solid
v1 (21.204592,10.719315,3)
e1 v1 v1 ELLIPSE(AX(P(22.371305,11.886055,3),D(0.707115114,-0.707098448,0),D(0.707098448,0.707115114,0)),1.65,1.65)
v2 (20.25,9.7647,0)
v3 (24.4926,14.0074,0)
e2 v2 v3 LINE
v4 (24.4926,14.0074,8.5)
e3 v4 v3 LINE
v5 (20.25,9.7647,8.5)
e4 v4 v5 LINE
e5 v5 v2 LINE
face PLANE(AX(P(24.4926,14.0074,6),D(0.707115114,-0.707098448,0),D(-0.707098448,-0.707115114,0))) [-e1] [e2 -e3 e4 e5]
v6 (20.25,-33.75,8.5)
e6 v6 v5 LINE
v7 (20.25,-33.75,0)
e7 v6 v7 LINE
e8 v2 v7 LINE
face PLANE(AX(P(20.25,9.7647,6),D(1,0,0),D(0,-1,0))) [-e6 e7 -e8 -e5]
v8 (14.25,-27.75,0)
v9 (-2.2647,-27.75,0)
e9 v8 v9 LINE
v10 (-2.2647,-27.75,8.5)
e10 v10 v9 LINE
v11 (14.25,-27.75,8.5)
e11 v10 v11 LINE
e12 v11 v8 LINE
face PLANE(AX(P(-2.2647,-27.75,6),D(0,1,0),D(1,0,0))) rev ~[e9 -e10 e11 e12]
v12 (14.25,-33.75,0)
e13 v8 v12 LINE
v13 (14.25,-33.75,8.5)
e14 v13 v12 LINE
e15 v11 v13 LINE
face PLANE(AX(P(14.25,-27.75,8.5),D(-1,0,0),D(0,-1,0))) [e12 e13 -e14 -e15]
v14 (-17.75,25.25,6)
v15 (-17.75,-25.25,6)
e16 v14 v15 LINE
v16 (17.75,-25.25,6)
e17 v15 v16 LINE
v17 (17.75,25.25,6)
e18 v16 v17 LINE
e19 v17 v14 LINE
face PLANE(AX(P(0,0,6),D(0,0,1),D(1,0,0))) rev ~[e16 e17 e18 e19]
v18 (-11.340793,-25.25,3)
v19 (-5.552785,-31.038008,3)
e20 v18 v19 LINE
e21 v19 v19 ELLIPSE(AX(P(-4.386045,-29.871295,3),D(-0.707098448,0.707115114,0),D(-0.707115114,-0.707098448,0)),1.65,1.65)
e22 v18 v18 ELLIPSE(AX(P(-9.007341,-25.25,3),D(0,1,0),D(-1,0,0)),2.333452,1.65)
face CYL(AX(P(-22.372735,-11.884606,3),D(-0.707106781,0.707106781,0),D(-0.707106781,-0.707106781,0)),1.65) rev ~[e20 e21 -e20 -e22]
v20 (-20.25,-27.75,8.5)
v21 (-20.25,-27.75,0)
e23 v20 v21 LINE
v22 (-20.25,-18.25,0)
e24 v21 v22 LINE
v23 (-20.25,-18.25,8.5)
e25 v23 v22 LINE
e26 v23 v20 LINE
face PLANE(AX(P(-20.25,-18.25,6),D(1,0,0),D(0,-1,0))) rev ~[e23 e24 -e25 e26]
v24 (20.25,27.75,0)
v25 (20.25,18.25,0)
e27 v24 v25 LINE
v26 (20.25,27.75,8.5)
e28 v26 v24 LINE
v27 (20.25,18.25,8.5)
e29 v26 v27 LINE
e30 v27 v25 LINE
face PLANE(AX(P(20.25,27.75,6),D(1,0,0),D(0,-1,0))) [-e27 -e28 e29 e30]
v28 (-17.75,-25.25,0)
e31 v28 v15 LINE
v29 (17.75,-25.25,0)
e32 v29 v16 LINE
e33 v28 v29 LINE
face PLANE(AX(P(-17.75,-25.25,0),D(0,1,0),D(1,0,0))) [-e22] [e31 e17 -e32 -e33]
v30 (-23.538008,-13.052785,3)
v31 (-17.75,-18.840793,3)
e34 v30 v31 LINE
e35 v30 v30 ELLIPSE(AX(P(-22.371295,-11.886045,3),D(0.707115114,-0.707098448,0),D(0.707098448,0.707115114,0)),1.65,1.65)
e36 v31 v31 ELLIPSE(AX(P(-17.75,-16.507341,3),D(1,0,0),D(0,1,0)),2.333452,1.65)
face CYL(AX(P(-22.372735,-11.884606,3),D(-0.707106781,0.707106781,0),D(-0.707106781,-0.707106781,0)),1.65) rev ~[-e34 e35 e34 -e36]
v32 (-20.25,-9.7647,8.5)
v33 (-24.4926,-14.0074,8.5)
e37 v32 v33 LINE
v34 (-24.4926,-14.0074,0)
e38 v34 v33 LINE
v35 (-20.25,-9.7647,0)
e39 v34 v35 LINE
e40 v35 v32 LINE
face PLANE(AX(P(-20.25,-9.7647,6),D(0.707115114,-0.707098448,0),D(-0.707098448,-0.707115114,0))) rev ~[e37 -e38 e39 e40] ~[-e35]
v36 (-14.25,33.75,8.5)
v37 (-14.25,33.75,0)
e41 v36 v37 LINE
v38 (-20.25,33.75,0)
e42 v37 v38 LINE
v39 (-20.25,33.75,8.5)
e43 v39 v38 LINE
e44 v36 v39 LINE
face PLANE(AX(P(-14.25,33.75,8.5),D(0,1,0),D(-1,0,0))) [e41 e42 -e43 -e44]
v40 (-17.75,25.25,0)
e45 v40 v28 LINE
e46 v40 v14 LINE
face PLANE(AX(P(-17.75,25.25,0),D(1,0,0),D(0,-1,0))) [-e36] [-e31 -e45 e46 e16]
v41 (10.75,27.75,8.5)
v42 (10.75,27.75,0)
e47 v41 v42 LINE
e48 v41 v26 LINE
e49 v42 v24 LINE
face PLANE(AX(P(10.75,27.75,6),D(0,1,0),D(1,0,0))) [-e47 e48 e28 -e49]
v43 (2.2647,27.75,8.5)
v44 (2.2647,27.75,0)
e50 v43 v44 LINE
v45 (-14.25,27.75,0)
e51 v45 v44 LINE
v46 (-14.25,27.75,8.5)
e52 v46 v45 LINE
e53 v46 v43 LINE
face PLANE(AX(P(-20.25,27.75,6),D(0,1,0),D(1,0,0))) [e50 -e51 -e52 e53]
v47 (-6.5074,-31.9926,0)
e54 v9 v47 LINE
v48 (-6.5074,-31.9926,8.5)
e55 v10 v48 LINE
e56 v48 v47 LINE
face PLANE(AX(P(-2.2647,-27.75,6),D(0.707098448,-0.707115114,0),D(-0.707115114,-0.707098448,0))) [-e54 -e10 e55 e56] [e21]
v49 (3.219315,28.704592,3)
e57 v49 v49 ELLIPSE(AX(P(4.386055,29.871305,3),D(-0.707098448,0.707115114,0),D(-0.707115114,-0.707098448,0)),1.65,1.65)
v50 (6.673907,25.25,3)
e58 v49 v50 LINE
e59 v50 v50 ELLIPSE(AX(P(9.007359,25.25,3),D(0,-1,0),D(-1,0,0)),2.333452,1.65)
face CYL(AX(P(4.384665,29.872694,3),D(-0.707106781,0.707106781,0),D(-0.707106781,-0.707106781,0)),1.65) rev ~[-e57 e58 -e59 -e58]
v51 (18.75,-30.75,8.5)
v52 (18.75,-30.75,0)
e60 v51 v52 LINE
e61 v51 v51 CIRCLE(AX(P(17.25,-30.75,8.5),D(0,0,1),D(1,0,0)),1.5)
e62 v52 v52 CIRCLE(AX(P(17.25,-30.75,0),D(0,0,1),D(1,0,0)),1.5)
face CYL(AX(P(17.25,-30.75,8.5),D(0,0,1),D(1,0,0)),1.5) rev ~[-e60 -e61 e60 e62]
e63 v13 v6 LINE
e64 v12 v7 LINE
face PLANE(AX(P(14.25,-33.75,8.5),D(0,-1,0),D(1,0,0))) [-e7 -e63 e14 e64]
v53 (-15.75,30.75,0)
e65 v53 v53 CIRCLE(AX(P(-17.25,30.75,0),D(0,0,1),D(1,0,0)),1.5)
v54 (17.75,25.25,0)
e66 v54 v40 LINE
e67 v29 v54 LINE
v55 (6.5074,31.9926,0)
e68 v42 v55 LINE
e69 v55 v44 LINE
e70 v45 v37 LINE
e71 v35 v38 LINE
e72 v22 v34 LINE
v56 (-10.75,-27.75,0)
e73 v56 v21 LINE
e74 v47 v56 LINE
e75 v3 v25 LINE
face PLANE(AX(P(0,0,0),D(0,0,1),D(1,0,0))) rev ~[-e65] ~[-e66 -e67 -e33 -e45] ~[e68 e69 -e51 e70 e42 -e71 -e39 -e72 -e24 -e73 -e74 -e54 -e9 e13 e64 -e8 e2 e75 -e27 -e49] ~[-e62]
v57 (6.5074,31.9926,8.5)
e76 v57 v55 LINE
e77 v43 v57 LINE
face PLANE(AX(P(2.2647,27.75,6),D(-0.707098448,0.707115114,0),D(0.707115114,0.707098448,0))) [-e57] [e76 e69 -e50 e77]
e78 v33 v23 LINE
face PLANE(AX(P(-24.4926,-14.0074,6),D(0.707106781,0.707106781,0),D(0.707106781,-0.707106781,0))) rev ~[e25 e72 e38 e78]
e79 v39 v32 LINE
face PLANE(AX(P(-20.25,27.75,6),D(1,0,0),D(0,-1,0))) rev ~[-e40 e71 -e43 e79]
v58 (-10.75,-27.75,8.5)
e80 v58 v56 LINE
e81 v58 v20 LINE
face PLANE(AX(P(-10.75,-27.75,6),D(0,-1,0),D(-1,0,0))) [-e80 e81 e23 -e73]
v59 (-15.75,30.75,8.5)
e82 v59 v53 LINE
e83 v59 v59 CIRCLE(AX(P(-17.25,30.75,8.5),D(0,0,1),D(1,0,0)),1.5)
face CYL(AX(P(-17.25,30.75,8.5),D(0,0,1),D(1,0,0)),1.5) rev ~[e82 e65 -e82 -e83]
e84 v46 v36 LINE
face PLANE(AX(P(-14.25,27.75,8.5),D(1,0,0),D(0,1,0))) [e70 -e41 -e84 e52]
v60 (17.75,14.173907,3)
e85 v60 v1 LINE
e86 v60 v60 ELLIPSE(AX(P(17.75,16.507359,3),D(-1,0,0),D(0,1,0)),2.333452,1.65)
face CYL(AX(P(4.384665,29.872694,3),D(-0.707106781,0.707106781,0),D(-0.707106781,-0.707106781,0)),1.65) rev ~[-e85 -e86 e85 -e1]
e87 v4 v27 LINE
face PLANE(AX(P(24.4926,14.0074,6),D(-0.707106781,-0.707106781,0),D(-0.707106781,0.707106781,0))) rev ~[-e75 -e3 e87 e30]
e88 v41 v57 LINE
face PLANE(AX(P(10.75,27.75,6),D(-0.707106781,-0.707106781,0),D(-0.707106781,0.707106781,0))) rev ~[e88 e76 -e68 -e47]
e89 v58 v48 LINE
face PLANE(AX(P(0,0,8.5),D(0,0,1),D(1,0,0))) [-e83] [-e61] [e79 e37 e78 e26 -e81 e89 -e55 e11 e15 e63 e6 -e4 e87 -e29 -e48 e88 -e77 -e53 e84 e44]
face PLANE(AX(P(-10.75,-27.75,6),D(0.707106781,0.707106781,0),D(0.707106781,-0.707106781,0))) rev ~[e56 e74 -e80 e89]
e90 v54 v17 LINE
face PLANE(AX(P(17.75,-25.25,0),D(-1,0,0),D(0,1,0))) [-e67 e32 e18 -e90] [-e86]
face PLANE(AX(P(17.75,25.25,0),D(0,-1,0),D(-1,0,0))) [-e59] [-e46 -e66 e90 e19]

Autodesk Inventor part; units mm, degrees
ref_plane "YZ Plane" through (0, 0, 0) normal (1, 0, 0) x (0, 1, 0)
ref_plane "XZ Plane" through (0, 0, 0) normal (0, 1, 0) x (-1, 0, 0)
ref_plane "XY Plane" through (0, 0, 0) normal (0, 0, 1) x (1, 0, 0)
sketch "Skizze1" plane through (0, 0, 0) normal (0, 0, 1) x (1, 0, 0)
  line L0 (-17.75, -25.25) -> (17.75, -25.25)
  line L1 (17.75, -25.25) -> (17.75, 25.25)
  line L2 (17.75, 25.25) -> (-17.75, 25.25)
  line L3 (-17.75, 25.25) -> (-17.75, -25.25)
  line L4 (20.25, 27.75) -> (20.25, -27.75)
  line L5 (20.25, -27.75) -> (-20.25, -27.75)
  line L6 (-20.25, -27.75) -> (-20.25, 27.75)
  line L7 (-20.25, 27.75) -> (20.25, 27.75)
  point P0 (0, 0)
  point P1 (0, 25.25)
  point P2 (17.75, 0)
  dimension "d0" = 50.5
  dimension "d1" = 35.5
  dimension "d2" = 2.5
extrude "Extrusion1" [suppressed]
extrude "Extrusion2" add sketch "Skizze1" along normal blind 6
sketch "Skizze2" plane through (0, 0, -2.5) normal (0, 0, -1) x (-1, 0, 0)
  circle A0 centre (0, 0) radius 1.5
  dimension "d7" = 3
extrude "Extrusion3" [suppressed]
sketch "Skizze3" plane through (0, 0, 6) normal (0, 0, 1) x (1, 0, 0)
  line L0 (2.2647, 27.75) -> (10.75, 27.75)
  line L1 (10.75, 27.75) -> (6.5074, 31.9926)
  line L2 (6.5074, 31.9926) -> (2.2647, 27.75)
  line L3 (20.25, 18.25) -> (20.25, 9.7647)
  line L4 (20.25, 9.7647) -> (24.4926, 14.0074)
  line L5 (24.4926, 14.0074) -> (20.25, 18.25)
  line L6 (20.25, 27.75) -> (-20.25, 27.75) projected
  line L7 (20.25, -27.75) -> (20.25, 27.75) projected
  line L8 (4.386, 29.8713) -> (22.3713, 11.886) construction
  line L9 (-20.25, -9.7647) -> (-20.25, -18.25)
  line L10 (-20.25, -18.25) -> (-24.4926, -14.0074)
  line L11 (-24.4926, -14.0074) -> (-20.25, -9.7647)
  line L12 (-10.75, -27.75) -> (-2.2647, -27.75)
  line L13 (-2.2647, -27.75) -> (-6.5074, -31.9926)
  line L14 (-6.5074, -31.9926) -> (-10.75, -27.75)
  line L15 (-20.25, 27.75) -> (-20.25, -27.75) projected
  line L16 (-20.25, -27.75) -> (20.25, -27.75) projected
  line L17 (-22.3713, -11.886) -> (-4.386, -29.8713) construction
  line L18 (17.75, 25.25) -> (17.75, -25.25) projected
  line L19 (-17.75, -25.25) -> (-17.75, 25.25) projected
  line L20 (-17.75, 25.25) -> (17.75, 25.25) projected
  line L21 (17.75, -25.25) -> (-17.75, -25.25) projected
  point P0 (0, 0)
  dimension "d11" = 6
  dimension "d26" = 7
  dimension "d27" = 7
extrude "Extrusion4" add sketch "Skizze3" against normal blind 6 contours L2 L1 L0 | L9 L10 L11 | L5 L4 L3 | L12 L13 L14
sketch "Skizze4" plane through (6.5074, 31.9926, 0) normal (-0.7071, 0.7071, 0) x (-0.7071, -0.7071, 0)
  circle A0 centre (3, 3) radius 1.65
  line L0 (6, 0) -> (6, 6) construction
  line L1 (0, 6) -> (0, 0) construction
  line L2 (6, 0) -> (0, 0) construction
  line L3 (0, 0) -> (0, 6) construction
  line L4 (0, 6) -> (6, 6) construction
  line L5 (6, 6) -> (6, 0) construction
  point P0 (27.2236, 0)
  point P1 (0, 3)
  point P2 (3, 0)
  dimension "d28" = 3.3
extrude "Extrusion5" cut sketch "Skizze4" against normal up to surface (25.435 mm away)
sketch "Skizze7" plane through (-20.25, -9.7647, 0) normal (-0.7071, 0.7071, 0) x (-0.7071, -0.7071, 0)
  line L0 (0, 0) -> (0, 6) construction
  line L1 (6, 6) -> (6, 0) construction
  line L2 (0, 0) -> (6, 0) construction
  line L3 (6, 0) -> (6, 6) construction
  line L4 (6, 6) -> (0, 6) construction
  line L5 (0, 6) -> (0, 0) construction
  circle A0 centre (3, 3) radius 1.65
  point P0 (-21.2236, 0)
  point P1 (0, 3)
  point P2 (3, 6)
  dimension "d29" = 3.3
extrude "Extrusion8" cut sketch "Skizze7" against normal up to surface (25.435 mm away)
sketch "Skizze8" plane through (0, 0, 6) normal (0, 0, 1) x (1, 0, 0)
  line L0 (-20.25, 27.75) -> (2.2647, 27.75) projected
  line L1 (-20.25, 27.75) -> (-20.25, -9.7647)
  line L2 (-20.25, -9.7647) -> (-24.4926, -14.0074) projected
  line L3 (-20.25, -9.7647) -> (-24.4926, -14.0074)
  line L4 (-24.4926, -14.0074) -> (-20.25, -18.25)
  line L5 (-10.75, -27.75) -> (-20.25, -27.75) projected
  line L6 (-20.25, -18.25) -> (-20.25, -27.75)
  line L7 (-20.25, -27.75) -> (-10.75, -27.75)
  line L8 (-10.75, -27.75) -> (-6.5074, -31.9926) projected
  line L9 (-10.75, -27.75) -> (-6.5074, -31.9926)
  line L10 (-2.2647, -27.75) -> (-6.5074, -31.9926) projected
  line L11 (-6.5074, -31.9926) -> (-2.2647, -27.75)
  line L12 (-2.2647, -27.75) -> (20.25, -27.75) projected
  line L13 (-2.2647, -27.75) -> (20.25, -27.75)
  line L14 (20.25, 9.7647) -> (20.25, -27.75) projected
  line L15 (20.25, -27.75) -> (20.25, 9.7647)
  line L16 (24.4926, 14.0074) -> (20.25, 9.7647) projected
  line L17 (20.25, 9.7647) -> (24.4926, 14.0074)
  line L18 (20.25, 27.75) -> (20.25, 18.25) projected
  line L19 (24.4926, 14.0074) -> (20.25, 18.25)
  line L20 (20.25, 18.25) -> (20.25, 27.75)
  line L21 (10.75, 27.75) -> (20.25, 27.75) projected
  line L22 (20.25, 27.75) -> (10.75, 27.75)
  line L23 (2.2647, 27.75) -> (6.5074, 31.9926) projected
  line L24 (10.75, 27.75) -> (6.5074, 31.9926)
  line L25 (6.5074, 31.9926) -> (2.2647, 27.75)
  line L26 (2.2647, 27.75) -> (-20.25, 27.75)
  point P0 (0, 0)
extrude "Extrusion9" add sketch "Skizze8" along normal blind 2.5
sketch "Skizze11" plane through (0, 0, 8.5) normal (0, 0, 1) x (1, 0, 0)
  line L0 (-10.75, -27.75) -> (-20.25, -27.75) construction
  line L1 (20.25, 27.75) -> (20.25, 18.25) construction
  line L2 (-20.25, 27.75) -> (2.2647, 27.75) projected
  line L3 (-20.25, 27.75) -> (-14.25, 27.75)
  line L4 (-14.25, 27.75) -> (-14.25, 33.75)
  line L5 (-14.25, 33.75) -> (-20.25, 33.75)
  line L6 (-20.25, 33.75) -> (-20.25, 27.75)
  circle A0 centre (-17.25, 30.75) radius 1.5
  line L7 (20.25, -27.75) -> (-2.2647, -27.75) projected
  line L8 (20.25, -27.75) -> (14.25, -27.75)
  line L9 (14.25, -27.75) -> (14.25, -33.75)
  line L10 (14.25, -33.75) -> (20.25, -33.75)
  line L11 (20.25, -33.75) -> (20.25, -27.75)
  circle A1 centre (17.25, -30.75) radius 1.5
  point P0 (0, 0)
  point P1 (-20.25, 30.75)
  point P2 (-17.25, 33.75)
  point P3 (17.25, -27.75)
  point P4 (20.25, -30.75)
  dimension "d42" = 6
  dimension "d43" = 3
extrude "Extrusion12" add sketch "Skizze11" against normal up to surface (8.5 mm away)
equation "\"d27\" = d26"
properties part number "cage"
